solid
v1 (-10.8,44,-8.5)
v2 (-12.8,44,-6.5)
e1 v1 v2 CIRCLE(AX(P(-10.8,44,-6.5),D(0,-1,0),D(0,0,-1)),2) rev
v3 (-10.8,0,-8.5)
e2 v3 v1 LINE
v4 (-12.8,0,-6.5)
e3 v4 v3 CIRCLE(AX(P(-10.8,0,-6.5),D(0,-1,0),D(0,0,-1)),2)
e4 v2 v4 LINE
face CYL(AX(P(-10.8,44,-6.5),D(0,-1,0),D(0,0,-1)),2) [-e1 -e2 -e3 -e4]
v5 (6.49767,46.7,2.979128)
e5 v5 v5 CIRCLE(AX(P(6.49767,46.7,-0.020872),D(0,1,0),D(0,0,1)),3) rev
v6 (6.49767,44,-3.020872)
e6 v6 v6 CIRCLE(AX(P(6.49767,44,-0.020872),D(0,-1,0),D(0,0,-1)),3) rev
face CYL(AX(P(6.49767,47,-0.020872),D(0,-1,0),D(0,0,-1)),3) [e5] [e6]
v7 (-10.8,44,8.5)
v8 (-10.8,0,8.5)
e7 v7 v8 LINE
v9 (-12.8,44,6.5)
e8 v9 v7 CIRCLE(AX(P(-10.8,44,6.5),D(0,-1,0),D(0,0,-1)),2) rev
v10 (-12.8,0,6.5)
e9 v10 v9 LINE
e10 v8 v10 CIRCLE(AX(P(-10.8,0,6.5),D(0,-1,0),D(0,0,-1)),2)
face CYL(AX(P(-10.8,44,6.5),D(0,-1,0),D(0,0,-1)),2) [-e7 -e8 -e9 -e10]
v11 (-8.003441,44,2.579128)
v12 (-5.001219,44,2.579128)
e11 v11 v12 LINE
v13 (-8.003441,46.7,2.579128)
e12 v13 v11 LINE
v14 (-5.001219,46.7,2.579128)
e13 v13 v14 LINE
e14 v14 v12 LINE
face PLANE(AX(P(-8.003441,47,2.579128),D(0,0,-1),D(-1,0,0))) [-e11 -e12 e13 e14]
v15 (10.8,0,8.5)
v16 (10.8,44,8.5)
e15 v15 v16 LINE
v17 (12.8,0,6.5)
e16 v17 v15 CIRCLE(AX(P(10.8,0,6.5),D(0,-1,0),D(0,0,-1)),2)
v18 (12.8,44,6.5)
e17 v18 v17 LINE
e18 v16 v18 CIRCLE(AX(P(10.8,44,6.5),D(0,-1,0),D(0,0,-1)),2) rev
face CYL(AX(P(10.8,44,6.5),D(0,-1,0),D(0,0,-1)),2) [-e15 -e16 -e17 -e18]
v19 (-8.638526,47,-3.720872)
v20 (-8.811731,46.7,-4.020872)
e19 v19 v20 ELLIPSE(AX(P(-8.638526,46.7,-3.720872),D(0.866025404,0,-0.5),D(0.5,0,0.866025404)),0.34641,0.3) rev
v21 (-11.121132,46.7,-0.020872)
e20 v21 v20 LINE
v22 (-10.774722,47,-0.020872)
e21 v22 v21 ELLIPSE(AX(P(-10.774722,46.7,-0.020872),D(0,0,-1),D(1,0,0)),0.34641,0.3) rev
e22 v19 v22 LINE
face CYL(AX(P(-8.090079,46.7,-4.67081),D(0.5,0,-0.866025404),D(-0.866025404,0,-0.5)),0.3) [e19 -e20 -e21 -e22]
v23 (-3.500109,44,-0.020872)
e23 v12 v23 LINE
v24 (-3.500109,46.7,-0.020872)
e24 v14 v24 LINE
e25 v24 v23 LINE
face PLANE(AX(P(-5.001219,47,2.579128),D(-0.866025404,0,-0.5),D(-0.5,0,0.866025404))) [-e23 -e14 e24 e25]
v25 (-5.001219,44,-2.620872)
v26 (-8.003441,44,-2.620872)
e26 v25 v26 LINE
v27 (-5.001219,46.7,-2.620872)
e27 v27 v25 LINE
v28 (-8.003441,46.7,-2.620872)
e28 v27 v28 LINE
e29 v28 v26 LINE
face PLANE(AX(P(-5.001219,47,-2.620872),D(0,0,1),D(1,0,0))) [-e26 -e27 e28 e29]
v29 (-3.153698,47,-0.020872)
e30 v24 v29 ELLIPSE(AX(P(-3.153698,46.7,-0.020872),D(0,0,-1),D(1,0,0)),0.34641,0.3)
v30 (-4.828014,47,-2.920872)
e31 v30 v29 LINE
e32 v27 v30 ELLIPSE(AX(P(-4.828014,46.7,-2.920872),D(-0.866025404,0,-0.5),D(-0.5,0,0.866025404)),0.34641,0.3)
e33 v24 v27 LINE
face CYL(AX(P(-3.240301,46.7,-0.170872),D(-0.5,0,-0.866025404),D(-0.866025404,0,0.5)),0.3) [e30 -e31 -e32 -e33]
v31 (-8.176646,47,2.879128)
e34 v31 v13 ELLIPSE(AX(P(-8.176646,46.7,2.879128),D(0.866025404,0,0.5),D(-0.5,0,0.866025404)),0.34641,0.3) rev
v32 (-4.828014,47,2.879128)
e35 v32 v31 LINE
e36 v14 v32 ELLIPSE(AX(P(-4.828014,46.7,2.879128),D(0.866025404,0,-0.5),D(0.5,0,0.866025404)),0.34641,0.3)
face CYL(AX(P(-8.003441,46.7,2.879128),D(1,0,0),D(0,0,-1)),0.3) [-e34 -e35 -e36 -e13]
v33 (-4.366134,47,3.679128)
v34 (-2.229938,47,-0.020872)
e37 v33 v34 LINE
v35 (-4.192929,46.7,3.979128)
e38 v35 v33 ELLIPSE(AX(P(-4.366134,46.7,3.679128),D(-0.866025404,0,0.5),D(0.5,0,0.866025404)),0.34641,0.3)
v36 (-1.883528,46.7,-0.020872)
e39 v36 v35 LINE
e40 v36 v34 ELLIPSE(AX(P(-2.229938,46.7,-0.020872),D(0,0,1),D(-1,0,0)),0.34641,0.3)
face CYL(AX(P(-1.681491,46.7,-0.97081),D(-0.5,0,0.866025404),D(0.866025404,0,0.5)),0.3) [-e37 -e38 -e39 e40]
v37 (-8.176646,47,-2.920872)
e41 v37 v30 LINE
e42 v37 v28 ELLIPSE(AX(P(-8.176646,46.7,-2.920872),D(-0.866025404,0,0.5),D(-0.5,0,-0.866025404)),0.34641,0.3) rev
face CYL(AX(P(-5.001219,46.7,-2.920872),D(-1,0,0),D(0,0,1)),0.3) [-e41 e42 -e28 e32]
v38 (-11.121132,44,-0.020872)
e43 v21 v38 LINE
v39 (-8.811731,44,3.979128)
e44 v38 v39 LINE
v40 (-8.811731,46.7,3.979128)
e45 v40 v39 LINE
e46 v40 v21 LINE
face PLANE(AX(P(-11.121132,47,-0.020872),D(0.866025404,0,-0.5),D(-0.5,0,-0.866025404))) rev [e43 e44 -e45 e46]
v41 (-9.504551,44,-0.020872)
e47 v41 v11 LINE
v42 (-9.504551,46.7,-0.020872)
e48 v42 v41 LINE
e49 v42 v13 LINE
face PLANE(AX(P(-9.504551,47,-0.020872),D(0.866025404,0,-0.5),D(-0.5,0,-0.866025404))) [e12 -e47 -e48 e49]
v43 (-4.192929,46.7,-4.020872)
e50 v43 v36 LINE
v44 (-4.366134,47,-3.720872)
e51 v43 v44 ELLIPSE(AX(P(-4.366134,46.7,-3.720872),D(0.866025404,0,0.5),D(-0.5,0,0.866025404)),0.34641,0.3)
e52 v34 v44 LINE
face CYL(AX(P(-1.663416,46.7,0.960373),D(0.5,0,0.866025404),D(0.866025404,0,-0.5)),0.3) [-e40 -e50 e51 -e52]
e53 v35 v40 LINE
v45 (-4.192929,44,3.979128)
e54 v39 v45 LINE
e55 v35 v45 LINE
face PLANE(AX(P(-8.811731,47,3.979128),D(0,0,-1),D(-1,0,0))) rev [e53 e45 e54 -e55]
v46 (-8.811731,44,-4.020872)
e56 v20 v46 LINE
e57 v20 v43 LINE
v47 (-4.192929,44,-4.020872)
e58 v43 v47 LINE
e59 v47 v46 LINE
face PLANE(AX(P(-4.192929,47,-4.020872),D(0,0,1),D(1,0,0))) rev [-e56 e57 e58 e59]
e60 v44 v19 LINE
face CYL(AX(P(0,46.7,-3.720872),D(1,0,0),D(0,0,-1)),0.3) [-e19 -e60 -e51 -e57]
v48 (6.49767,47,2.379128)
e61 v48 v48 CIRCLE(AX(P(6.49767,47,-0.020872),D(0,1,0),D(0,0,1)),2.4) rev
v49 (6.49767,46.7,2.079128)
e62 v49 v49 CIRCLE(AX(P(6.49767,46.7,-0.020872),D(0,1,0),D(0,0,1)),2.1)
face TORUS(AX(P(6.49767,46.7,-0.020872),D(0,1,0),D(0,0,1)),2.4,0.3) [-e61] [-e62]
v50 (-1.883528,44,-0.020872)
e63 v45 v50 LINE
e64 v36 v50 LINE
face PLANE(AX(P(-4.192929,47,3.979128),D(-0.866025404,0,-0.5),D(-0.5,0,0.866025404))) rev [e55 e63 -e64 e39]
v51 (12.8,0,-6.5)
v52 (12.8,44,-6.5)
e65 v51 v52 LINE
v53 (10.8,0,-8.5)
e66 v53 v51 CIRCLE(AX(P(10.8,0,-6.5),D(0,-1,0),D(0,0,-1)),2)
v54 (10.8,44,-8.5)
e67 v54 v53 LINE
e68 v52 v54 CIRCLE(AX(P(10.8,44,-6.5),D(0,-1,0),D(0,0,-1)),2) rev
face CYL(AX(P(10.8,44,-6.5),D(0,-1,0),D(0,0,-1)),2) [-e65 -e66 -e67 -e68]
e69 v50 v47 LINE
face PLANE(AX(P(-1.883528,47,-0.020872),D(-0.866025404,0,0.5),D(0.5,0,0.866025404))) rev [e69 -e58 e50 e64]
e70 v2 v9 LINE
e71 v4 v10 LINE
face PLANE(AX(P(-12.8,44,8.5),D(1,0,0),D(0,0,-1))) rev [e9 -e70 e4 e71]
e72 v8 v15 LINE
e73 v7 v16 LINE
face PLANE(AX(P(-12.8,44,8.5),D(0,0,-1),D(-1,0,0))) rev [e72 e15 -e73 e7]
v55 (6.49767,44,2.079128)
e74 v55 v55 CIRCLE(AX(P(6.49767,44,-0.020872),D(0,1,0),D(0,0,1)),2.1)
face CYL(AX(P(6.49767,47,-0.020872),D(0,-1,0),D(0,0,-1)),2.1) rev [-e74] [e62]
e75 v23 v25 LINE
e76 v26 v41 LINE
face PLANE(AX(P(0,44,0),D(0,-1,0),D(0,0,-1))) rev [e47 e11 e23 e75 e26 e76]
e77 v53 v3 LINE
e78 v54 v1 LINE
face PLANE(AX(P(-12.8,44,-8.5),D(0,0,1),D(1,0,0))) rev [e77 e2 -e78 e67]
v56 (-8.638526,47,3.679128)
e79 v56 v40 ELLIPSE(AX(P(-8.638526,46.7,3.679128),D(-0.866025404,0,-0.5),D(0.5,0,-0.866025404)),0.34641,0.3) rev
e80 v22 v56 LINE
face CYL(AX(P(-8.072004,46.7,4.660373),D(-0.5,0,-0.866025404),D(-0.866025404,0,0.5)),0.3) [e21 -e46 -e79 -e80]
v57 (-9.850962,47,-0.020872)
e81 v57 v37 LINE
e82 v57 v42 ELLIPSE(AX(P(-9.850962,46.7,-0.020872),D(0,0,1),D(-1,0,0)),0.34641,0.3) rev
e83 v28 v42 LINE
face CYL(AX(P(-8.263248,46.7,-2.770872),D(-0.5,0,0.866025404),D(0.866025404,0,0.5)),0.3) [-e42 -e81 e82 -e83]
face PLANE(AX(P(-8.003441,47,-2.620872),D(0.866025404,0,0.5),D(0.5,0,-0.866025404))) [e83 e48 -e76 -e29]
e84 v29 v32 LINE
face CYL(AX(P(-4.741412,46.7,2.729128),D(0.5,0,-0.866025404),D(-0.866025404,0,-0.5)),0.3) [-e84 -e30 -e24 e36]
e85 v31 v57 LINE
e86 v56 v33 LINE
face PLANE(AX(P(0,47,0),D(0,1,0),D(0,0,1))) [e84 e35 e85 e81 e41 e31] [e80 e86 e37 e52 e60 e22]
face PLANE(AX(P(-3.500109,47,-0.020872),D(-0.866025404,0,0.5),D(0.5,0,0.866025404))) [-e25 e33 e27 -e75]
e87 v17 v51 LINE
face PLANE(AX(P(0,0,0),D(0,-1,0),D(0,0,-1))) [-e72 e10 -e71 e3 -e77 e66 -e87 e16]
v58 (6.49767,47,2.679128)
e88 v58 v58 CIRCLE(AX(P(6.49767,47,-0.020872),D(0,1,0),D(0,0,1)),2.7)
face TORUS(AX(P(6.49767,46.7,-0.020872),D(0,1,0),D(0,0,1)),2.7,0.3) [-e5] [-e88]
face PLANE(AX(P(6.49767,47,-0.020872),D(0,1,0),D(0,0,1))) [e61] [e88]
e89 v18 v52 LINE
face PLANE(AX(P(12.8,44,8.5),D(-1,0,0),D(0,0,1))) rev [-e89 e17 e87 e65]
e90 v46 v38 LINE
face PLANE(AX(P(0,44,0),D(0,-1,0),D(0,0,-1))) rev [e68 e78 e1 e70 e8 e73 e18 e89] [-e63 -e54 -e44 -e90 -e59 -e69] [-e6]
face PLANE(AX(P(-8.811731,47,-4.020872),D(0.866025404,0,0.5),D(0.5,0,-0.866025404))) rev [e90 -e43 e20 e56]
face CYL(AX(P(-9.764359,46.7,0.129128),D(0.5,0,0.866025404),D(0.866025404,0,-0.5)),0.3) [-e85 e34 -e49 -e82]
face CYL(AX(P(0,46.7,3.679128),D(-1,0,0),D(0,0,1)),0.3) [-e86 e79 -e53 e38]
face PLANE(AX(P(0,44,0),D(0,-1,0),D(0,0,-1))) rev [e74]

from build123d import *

# Parameters (mm, degrees)
SKETCH_1_W      = 25.6
SKETCH_1_H      = 17
EXTRUDE_1_DEPTH = 44
FILLET_1_R      = 2
SKETCH_2_R      = 3
SKETCH_2_R_2    = 2.1
EXTRUDE_2_DEPTH = 3
FILLET_2_R      = 0.3


with BuildPart() as part:
    # Эскиз1 → Бобышка-Вытянуть1 (new body)
    with BuildSketch(Plane(origin=(0, 0, 0), x_dir=(1, 0, 0), z_dir=(0, 1, 0))):
        Rectangle(SKETCH_1_W, SKETCH_1_H)
    extrude(amount=EXTRUDE_1_DEPTH)

    # Скругление1
    fillet_1_edges = [part.edges().sort_by_distance(p)[0] for p in [
        (12.8, 22, 8.5),
        (-12.8, 22, 8.5),
        (-12.8, 22, -8.5),
        (12.8, 22, -8.5),
    ]]
    fillet(fillet_1_edges, radius=FILLET_1_R)

    # Эскиз2 → Бобышка-Вытянуть2 (add)
    # profile 1 of 2: a face of its own
    with BuildSketch(Plane(origin=(0, 44, 0), x_dir=(1, 0, 0), z_dir=(0, 1, 0))):
        with Locations(Location((6.497670016, 0.020872179, 0), (0, 0, 90))):
            Circle(SKETCH_2_R)
        with Locations(Location((6.497670016, 0.020872179, 0), (0, 0, 270))):
            Circle(SKETCH_2_R_2, mode=Mode.SUBTRACT)
    # profile 2 of 2: a face of its own
    with BuildSketch(Plane(origin=(0, 44, 0), x_dir=(1, 0, 0), z_dir=(0, 1, 0))):
        Polygon((-1.883527831, 0.020872179), (-4.192928907, 4.020872179), (-8.811731061, 4.020872179), (-11.121132138, 0.020872179), (-8.811731061, -3.979127821), (-4.192928907, -3.979127821), align=None)
        Polygon((-3.500108584, 0.020872179), (-5.001219284, 2.620872179), (-8.003440684, 2.620872179), (-9.504551384, 0.020872179), (-8.003440684, -2.579127821), (-5.001219284, -2.579127821), align=None, mode=Mode.SUBTRACT)
    extrude(amount=EXTRUDE_2_DEPTH)

    # Скругление2
    fillet_2_edges = [part.edges().sort_by_distance(p)[0] for p in [
        (6.497670016, 47, 2.979127821),
        (6.497670016, 47, -2.120872179),
        (-3.038228369, 47, 1.979127821),
        (-3.038228369, 47, -2.020872179),
        (-6.502329984, 47, -4.020872179),
        (-9.966431599, 47, -2.020872179),
        (-9.966431599, 47, 1.979127821),
        (-6.502329984, 47, 3.979127821),
        (-4.250663934, 47, 1.279127821),
        (-4.250663934, 47, -1.320872179),
        (-6.502329984, 47, -2.620872179),
        (-8.753996034, 47, -1.320872179),
        (-8.753996034, 47, 1.279127821),
        (-6.502329984, 47, 2.579127821),
    ]]
    fillet(fillet_2_edges, radius=FILLET_2_R)


solid = part.part
